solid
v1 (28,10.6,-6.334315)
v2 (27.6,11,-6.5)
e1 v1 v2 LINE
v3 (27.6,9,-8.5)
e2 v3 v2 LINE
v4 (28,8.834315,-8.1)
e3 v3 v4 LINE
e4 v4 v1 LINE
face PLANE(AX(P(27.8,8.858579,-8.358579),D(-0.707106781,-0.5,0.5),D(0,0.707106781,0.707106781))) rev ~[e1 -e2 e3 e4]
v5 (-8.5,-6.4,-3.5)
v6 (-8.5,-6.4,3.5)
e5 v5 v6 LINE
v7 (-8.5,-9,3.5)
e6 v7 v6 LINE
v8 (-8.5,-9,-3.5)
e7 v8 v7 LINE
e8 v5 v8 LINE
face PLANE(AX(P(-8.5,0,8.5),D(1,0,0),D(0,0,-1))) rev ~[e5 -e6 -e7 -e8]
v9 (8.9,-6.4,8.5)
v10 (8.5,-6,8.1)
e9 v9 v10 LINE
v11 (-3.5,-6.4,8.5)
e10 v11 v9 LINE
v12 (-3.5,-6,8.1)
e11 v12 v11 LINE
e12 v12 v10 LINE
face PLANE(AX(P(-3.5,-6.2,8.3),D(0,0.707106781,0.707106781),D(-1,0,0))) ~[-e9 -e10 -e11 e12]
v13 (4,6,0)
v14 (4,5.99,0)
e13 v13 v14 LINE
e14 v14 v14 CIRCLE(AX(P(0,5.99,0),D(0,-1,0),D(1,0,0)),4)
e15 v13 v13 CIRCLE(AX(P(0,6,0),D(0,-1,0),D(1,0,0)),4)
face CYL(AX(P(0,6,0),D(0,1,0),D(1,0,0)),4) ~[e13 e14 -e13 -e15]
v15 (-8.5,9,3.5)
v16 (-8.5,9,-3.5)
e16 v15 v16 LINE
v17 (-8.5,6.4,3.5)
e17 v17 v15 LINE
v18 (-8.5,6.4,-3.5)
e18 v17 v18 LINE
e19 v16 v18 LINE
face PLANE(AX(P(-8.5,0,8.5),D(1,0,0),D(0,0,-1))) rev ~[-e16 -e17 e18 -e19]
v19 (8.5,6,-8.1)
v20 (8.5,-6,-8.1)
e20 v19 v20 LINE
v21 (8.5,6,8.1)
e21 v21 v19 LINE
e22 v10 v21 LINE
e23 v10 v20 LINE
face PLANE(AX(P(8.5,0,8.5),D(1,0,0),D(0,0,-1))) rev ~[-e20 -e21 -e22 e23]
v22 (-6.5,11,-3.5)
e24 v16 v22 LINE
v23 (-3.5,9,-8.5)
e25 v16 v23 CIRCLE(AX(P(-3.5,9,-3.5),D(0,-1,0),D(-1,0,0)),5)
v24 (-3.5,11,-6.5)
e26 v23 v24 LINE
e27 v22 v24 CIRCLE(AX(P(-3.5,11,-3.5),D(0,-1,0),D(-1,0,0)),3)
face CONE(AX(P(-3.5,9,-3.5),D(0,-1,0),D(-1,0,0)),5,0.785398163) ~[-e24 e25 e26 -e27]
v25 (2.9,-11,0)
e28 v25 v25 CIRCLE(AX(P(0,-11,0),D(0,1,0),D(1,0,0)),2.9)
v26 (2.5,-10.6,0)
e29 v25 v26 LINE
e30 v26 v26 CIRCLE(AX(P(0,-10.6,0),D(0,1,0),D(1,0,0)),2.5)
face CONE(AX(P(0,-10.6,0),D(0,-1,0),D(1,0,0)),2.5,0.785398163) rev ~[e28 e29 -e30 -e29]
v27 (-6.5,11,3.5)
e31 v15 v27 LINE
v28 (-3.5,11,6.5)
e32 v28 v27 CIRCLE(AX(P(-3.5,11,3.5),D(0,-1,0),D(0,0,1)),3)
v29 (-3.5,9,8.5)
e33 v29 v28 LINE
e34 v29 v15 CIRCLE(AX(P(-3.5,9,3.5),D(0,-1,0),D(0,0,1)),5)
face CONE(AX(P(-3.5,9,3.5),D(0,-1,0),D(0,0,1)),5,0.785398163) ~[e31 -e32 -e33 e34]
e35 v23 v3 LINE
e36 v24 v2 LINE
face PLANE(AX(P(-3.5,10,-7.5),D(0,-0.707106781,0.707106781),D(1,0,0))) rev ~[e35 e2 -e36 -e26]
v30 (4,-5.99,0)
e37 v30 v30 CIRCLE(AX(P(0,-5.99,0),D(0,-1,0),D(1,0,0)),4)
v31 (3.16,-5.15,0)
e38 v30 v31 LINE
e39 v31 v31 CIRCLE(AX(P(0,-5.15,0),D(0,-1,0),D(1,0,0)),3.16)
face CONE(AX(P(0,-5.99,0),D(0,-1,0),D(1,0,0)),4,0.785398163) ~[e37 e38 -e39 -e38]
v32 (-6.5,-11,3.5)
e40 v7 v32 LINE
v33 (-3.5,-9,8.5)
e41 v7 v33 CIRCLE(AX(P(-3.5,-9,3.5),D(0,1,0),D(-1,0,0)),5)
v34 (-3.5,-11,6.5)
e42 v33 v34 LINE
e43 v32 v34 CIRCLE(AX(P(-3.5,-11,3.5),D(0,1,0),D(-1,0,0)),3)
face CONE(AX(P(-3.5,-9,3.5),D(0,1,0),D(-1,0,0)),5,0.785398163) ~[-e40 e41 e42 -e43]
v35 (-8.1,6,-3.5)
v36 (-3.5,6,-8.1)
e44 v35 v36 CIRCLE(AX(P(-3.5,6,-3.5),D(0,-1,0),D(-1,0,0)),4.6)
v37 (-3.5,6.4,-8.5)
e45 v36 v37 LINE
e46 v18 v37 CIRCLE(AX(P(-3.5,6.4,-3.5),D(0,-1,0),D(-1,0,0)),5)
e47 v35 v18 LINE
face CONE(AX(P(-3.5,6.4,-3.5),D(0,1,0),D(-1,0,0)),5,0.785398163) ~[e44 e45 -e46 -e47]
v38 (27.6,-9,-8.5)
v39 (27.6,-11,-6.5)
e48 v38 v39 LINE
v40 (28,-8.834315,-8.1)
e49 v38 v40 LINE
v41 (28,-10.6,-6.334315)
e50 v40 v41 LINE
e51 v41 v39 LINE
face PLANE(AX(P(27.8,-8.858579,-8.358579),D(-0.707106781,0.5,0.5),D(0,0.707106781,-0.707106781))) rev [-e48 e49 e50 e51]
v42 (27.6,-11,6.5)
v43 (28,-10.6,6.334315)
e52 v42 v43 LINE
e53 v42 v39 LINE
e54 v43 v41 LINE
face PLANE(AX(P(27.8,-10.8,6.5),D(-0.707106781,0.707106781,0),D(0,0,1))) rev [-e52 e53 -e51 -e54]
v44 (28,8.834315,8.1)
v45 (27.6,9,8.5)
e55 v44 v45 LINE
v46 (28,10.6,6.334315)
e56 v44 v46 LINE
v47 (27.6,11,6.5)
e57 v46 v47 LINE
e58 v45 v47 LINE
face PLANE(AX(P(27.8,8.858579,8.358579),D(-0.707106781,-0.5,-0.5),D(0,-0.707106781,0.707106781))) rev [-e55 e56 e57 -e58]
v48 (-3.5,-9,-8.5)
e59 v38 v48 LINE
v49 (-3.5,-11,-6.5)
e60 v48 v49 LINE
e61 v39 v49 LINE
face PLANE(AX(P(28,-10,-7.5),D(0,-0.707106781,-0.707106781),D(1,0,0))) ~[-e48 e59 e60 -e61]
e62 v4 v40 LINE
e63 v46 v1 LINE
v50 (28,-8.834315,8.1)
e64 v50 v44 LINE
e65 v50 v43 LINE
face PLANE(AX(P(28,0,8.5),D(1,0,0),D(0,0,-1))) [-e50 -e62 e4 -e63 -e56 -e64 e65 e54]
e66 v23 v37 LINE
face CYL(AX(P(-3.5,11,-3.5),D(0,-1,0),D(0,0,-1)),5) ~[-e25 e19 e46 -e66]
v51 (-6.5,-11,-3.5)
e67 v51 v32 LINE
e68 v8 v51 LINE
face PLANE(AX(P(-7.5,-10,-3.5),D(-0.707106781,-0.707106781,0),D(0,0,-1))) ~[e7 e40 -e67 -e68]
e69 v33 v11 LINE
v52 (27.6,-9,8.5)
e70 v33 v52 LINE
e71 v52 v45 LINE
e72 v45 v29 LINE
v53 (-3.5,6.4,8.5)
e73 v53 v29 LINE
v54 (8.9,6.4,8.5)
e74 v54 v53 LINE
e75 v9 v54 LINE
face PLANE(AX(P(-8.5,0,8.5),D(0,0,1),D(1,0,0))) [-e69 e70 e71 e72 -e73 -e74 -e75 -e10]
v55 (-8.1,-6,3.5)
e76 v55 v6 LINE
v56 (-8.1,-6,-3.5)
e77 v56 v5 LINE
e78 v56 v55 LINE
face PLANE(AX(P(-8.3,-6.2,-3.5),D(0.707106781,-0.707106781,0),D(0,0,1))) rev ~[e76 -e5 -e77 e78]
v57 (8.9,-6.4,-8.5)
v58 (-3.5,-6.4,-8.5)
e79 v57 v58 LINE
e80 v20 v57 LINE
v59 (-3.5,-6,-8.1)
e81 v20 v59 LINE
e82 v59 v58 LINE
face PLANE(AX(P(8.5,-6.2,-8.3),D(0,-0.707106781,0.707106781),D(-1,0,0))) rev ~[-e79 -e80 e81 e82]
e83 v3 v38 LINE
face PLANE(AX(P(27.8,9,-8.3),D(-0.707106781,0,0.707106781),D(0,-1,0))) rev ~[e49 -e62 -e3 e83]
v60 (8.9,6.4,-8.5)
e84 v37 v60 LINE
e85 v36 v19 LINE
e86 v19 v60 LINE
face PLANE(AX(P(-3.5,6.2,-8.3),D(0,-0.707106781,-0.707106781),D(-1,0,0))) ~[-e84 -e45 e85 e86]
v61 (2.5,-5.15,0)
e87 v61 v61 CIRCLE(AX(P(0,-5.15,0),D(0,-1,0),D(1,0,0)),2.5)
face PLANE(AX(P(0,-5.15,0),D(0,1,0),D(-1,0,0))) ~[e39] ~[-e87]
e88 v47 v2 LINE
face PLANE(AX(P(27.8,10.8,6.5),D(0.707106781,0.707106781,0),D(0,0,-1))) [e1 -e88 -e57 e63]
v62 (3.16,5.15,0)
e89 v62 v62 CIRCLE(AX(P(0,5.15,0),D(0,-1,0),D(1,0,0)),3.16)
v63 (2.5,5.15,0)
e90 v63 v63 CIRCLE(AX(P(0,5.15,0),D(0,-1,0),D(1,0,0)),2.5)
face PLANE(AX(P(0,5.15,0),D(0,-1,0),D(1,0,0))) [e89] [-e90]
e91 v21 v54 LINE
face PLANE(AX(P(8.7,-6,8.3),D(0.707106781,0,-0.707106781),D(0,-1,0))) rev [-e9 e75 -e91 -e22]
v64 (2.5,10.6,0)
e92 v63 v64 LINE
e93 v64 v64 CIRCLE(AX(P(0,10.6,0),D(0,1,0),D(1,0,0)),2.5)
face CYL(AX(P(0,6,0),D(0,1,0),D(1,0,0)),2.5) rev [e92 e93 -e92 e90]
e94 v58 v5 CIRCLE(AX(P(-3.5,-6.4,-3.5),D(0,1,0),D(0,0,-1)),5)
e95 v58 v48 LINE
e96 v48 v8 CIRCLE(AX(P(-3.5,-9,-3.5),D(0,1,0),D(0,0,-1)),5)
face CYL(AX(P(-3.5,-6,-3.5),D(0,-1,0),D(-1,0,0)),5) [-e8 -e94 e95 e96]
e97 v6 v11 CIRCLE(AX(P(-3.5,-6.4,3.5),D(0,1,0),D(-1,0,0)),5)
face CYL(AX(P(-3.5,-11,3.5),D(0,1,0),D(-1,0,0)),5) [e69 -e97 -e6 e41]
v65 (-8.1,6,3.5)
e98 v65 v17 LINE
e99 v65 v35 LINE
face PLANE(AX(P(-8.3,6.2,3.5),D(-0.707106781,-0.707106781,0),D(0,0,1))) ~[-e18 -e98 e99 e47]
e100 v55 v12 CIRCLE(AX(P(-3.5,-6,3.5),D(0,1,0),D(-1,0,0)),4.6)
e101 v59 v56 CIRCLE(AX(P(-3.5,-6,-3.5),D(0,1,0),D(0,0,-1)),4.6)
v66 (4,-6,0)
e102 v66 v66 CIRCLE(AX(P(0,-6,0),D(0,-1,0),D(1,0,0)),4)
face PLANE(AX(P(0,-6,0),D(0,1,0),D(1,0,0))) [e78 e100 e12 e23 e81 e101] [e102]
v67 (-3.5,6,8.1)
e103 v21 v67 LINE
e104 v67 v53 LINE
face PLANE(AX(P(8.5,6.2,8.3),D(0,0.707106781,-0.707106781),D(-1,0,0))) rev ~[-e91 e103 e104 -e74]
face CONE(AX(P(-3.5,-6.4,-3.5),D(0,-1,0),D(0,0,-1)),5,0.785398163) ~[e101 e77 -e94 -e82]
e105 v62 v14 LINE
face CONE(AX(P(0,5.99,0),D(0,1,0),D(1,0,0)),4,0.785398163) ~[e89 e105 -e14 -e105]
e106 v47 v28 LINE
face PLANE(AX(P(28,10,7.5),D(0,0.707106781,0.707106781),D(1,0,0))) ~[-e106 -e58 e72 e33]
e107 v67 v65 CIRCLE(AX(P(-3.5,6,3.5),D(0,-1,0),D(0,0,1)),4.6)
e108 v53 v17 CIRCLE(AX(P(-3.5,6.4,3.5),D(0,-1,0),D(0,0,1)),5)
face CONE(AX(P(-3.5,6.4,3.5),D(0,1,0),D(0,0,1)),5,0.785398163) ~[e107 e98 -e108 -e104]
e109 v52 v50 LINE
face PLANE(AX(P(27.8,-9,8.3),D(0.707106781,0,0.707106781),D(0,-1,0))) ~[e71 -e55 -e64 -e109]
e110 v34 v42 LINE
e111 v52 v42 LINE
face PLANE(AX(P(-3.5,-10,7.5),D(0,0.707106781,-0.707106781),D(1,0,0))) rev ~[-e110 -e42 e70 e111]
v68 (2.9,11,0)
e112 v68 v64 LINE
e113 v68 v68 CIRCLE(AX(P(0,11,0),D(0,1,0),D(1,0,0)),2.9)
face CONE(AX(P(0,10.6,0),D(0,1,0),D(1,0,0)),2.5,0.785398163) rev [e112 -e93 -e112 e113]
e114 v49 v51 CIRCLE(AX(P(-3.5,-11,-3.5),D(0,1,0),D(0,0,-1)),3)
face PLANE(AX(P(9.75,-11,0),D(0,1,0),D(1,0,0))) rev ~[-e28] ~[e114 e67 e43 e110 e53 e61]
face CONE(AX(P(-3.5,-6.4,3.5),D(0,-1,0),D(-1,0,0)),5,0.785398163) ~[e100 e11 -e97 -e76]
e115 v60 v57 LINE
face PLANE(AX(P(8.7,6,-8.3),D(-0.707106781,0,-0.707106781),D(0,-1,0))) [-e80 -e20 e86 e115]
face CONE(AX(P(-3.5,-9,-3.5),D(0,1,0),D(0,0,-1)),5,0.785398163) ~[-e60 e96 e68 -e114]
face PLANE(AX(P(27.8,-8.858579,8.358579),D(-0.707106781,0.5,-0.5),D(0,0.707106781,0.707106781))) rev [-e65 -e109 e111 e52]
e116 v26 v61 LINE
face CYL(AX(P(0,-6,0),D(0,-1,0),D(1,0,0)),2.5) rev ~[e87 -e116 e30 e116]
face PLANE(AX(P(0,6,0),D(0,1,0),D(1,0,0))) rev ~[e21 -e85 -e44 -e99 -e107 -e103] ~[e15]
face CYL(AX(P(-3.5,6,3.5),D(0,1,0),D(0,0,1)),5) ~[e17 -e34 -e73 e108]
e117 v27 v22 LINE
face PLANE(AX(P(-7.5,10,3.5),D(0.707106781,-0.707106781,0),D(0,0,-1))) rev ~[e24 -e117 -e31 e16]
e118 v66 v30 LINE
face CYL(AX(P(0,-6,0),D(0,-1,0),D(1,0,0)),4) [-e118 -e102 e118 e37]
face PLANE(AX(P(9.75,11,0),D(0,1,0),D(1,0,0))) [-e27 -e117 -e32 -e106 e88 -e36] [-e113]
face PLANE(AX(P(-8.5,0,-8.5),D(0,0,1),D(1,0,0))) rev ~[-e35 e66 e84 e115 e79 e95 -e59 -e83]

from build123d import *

# Parameters (mm, degrees)
SKETCH003_W                = 36.5
SKETCH003_H                = 17
PAD001_DEPTH               = 11
SKETCH004_W                = 17
SKETCH004_H                = 17
POCKET002_DEPTH            = 6
SKETCH005_R                = 2.5
POCKET003_DEPTH            = 22.001
FILLET_R                   = 5
SKETCH013_R                = 4
SKETCH013_R_2              = 2.5
PAD006_DEPTH               = 0.85
CHAMFER004_SIZE            = 0.84
CHAMFER005_SIZE            = 2
CHAMFER006_SIZE            = 0.4
BODY001002_PLACEMENT_ANGLE = 90


with BuildPart() as part:
    # Sketch003 → Pad001 (new body, symmetric)
    with BuildSketch(Plane.XY):
        with Locations((9.75, 0)):
            Rectangle(SKETCH003_W, SKETCH003_H)
    extrude(amount=PAD001_DEPTH, both=True)

    # Sketch004 → Pocket002 (cut, symmetric)
    with BuildSketch(Plane.XY):
        Rectangle(SKETCH004_W, SKETCH004_H)
    extrude(amount=POCKET002_DEPTH, both=True, mode=Mode.SUBTRACT)

    # Sketch005 (on Face4 of Pocket002) → Pocket003 (cut, through all)
    with BuildSketch(Plane.XY.offset(11)):
        Circle(SKETCH005_R)
    extrude(amount=-POCKET003_DEPTH, mode=Mode.SUBTRACT)

    # Fillet
    fillet_edges = [part.edges().sort_by_distance(p)[0] for p in [
        (-8.5, 8.5, -8.5),
        (-8.5, -8.5, -8.5),
        (-8.5, 8.5, 8.5),
        (-8.5, -8.5, 8.5),
    ]]
    fillet(fillet_edges, radius=FILLET_R)

    # Sketch013 (on Face9 of Fillet) → Pad006 (join)
    with BuildSketch(Plane(origin=(0, 0, 6), x_dir=(1, 0, 0), z_dir=(0, 0, -1))):
        Circle(SKETCH013_R)
        Circle(SKETCH013_R_2, mode=Mode.SUBTRACT)
    pad006 = extrude(amount=PAD006_DEPTH)

    # Mirrored: Pad006 across XY
    add(pad006.mirror(Plane.XY))

    # Chamfer004
    chamfer004_edges = [part.edges().sort_by_distance(p)[0] for p in [
        (-4, 0, 5.15),
        (-4, 0, -5.15),
    ]]
    chamfer(chamfer004_edges, length=CHAMFER004_SIZE)

    # Chamfer005
    chamfer005_edges = [part.edges().sort_by_distance(p)[0] for p in [
        (12.25, -8.5, -11),
        (-7.035534, -7.035534, -11),
        (-8.5, 0, -11),
        (-7.035534, 7.035534, -11),
        (12.25, 8.5, -11),
        (12.25, 8.5, 11),
        (-7.035534, 7.035534, 11),
        (-8.5, 0, 11),
        (-7.035534, -7.035534, 11),
        (12.25, -8.5, 11),
    ]]
    chamfer(chamfer005_edges, length=CHAMFER005_SIZE)

    # Chamfer006
    chamfer006_edges = [part.edges().sort_by_distance(p)[0] for p in [
        (-8.5, 0, 6),
        (2.5, 8.5, 6),
        (-7.035534, 7.035534, 6),
        (-7.035534, -7.035534, 6),
        (2.5, -8.5, 6),
        (8.5, -8.5, 0),
        (2.5, -8.5, -6),
        (-7.035534, -7.035534, -6),
        (-8.5, 0, -6),
        (-7.035534, 7.035534, -6),
        (2.5, 8.5, -6),
        (8.5, 8.5, 0),
        (28, 8.5, 0),
        (28, 7.5, -10),
        (28, 7.5, 10),
        (28, 0, -11),
        (28, 0, 11),
        (28, -7.5, -10),
        (28, -7.5, 10),
        (28, -8.5, 0),
        (-2.5, 0, -11),
        (-2.5, 0, 11),
    ]]
    chamfer(chamfer006_edges, length=CHAMFER006_SIZE)


with BuildPart() as part_1:
    # Body001002 placement: moved
    add(part.part.rotate(Axis((0, 0, 0), (-1, 0, 0)), BODY001002_PLACEMENT_ANGLE))


solid = part_1.part
